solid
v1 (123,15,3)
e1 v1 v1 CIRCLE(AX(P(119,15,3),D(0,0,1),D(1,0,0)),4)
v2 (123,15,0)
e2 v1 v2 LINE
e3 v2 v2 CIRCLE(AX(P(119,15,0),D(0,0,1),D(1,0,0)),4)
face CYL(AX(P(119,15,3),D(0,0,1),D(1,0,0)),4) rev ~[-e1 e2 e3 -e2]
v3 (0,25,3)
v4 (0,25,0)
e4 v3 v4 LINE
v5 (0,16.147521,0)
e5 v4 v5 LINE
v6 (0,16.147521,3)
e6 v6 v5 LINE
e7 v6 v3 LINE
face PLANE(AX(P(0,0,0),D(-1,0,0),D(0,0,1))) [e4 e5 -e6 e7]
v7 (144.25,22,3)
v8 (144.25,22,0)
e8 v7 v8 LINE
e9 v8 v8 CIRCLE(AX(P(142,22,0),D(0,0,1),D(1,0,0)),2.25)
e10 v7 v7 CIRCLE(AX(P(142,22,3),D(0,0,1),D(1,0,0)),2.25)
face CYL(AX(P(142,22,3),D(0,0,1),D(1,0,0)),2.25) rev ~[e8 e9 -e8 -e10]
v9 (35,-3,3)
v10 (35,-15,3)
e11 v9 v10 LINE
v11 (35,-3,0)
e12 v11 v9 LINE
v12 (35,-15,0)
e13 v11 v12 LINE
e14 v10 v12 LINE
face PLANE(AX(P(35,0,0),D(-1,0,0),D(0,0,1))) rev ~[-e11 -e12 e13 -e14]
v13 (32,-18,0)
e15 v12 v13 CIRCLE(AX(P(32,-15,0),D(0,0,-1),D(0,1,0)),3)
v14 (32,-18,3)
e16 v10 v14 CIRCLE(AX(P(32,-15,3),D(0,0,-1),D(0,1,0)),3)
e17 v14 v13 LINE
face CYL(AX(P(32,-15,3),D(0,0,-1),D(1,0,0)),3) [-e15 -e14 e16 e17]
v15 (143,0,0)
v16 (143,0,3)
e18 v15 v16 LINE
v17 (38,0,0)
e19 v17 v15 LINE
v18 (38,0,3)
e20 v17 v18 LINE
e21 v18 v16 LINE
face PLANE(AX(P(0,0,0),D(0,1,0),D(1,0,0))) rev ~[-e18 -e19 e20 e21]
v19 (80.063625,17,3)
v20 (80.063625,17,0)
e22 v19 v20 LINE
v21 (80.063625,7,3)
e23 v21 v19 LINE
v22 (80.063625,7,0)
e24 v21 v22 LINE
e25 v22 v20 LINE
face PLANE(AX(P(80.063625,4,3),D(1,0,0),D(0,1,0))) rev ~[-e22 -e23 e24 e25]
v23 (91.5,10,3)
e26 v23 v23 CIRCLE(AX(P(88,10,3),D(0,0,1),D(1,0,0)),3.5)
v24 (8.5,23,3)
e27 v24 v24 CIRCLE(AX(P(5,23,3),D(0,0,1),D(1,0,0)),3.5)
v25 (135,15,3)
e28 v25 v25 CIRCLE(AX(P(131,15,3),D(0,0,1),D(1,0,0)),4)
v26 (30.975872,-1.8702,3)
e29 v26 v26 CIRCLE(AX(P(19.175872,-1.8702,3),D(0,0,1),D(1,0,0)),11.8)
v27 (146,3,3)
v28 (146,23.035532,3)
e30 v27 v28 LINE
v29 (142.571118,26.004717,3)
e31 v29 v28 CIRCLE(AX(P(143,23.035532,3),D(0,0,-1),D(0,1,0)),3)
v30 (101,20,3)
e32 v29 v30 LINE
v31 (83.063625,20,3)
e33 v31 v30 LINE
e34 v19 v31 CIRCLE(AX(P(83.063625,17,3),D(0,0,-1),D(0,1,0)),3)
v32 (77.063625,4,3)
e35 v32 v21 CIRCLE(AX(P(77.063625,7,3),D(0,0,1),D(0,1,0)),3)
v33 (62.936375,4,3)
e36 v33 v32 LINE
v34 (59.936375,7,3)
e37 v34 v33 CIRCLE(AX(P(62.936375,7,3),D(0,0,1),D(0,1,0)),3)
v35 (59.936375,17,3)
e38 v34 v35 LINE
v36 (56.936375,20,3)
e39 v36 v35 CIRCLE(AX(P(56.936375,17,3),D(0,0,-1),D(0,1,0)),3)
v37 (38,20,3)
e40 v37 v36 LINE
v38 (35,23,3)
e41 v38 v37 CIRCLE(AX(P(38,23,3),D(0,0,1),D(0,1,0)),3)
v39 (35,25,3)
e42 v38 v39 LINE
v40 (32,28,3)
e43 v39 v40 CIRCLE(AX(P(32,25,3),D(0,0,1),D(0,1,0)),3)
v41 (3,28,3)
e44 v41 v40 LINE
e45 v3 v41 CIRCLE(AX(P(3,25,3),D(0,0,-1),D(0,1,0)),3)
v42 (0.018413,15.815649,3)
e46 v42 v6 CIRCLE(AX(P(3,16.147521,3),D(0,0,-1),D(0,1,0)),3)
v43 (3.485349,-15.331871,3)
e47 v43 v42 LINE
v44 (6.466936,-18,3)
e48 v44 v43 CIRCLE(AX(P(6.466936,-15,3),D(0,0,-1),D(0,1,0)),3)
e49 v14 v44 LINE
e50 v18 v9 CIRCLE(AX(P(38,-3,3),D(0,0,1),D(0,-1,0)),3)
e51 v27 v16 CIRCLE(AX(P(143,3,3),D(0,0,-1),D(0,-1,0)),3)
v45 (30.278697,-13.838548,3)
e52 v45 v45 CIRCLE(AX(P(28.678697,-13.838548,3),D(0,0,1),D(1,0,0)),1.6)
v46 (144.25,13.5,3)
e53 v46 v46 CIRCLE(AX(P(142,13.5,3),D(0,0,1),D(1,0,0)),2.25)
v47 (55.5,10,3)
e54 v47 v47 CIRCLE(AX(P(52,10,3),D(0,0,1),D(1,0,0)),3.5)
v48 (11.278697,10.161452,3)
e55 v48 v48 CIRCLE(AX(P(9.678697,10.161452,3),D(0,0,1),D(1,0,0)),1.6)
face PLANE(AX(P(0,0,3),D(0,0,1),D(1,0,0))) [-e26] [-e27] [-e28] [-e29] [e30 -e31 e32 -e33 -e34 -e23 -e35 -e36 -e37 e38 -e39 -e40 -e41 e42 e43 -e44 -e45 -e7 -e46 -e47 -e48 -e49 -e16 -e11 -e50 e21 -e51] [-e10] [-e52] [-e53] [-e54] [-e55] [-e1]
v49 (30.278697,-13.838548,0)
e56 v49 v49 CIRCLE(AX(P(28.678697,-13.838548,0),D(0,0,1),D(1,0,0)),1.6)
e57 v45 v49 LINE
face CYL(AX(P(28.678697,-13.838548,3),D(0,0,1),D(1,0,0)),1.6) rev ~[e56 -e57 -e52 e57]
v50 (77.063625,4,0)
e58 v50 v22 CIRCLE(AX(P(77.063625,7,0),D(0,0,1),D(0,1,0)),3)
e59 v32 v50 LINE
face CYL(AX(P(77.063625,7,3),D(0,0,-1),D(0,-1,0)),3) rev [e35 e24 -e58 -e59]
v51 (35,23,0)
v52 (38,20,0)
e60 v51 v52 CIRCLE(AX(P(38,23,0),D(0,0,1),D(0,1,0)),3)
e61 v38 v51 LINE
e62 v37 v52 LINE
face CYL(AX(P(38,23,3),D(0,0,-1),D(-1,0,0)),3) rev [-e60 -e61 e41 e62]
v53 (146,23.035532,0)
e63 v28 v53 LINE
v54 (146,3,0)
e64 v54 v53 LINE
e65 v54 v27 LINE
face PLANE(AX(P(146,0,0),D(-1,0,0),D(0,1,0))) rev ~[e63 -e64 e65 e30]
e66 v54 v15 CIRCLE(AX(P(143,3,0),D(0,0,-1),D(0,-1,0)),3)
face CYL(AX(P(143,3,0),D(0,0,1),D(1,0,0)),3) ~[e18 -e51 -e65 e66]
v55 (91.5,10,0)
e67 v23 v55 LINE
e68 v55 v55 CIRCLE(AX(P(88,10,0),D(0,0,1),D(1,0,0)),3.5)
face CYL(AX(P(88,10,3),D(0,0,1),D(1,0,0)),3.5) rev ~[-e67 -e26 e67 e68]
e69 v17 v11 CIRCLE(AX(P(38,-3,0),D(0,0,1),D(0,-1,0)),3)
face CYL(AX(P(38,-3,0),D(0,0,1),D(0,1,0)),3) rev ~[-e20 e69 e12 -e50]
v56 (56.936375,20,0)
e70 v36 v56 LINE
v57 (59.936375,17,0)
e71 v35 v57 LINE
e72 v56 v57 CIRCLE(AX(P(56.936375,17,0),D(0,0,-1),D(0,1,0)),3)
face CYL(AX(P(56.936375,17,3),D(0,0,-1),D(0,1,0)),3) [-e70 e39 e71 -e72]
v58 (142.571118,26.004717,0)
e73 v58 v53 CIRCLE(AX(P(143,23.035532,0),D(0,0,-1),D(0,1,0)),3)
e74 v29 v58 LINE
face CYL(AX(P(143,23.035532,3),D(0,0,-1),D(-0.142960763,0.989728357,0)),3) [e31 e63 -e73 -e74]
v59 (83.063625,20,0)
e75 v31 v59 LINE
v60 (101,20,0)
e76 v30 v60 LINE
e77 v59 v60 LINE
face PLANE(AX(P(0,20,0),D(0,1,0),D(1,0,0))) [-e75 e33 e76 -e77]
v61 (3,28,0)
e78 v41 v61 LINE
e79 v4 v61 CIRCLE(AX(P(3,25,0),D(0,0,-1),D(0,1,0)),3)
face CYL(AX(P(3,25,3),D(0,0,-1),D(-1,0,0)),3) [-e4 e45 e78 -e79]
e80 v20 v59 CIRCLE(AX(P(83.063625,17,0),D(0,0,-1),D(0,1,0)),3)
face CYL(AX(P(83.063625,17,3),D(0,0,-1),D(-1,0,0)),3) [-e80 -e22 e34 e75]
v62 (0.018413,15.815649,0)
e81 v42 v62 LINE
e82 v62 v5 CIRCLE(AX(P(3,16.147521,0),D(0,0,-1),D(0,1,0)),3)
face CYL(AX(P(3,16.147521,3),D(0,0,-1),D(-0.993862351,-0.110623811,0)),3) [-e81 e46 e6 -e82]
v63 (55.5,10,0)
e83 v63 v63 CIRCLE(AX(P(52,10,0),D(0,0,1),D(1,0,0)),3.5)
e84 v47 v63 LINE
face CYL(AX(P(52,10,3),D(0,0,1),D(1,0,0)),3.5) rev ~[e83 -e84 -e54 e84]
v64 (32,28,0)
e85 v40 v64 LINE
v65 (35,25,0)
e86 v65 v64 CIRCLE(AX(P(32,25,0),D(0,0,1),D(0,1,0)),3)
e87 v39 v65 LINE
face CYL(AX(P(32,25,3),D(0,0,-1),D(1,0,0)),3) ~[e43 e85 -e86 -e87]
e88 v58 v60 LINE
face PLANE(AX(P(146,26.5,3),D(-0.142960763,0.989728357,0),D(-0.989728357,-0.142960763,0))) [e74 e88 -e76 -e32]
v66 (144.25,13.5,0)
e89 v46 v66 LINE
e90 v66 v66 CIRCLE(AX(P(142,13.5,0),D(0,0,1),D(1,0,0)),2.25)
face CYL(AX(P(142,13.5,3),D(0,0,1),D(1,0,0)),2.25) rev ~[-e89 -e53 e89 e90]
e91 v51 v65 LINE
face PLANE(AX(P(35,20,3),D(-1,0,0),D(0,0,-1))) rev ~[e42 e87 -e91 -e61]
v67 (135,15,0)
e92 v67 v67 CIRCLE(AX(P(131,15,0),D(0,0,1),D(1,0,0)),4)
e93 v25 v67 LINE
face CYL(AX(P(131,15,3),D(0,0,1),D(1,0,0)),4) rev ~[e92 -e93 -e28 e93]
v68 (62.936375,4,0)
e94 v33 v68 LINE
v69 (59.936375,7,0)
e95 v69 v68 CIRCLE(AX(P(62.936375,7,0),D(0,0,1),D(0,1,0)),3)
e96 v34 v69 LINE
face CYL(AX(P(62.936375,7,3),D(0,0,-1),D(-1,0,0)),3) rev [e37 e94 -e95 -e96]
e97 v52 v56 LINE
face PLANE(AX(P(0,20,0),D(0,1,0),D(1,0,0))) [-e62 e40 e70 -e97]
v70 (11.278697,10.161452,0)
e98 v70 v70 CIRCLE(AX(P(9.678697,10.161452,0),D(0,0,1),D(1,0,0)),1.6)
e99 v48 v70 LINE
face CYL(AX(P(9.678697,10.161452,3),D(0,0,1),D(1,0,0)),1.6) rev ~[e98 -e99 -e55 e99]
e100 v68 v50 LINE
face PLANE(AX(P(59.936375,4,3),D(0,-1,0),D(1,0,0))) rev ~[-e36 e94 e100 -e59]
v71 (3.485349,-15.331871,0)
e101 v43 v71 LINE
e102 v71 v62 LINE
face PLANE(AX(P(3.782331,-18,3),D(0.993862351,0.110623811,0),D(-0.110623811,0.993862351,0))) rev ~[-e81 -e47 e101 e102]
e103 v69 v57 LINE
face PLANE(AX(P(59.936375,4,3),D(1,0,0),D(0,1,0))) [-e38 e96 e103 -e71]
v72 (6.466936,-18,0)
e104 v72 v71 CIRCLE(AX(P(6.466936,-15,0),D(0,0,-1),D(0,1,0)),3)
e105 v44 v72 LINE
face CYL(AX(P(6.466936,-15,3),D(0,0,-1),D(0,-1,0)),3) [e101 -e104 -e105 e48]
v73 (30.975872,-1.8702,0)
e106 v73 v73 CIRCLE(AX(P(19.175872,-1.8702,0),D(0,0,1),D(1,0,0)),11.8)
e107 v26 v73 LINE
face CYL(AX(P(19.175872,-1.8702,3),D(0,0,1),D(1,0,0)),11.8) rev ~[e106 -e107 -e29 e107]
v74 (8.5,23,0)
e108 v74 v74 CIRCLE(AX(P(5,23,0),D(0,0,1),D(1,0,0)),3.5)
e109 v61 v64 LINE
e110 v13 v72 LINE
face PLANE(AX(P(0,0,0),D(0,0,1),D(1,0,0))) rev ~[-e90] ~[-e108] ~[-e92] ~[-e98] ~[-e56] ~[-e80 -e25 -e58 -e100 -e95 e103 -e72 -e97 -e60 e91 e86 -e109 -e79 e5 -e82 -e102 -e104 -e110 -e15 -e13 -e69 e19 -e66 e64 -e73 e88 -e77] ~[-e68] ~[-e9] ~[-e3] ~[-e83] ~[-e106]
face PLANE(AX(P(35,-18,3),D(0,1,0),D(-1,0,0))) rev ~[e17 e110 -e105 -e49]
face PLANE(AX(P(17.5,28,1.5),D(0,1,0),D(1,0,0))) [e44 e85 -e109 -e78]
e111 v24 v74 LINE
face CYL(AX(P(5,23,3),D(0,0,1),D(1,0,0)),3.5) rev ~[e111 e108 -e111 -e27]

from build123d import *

# Parameters (mm, degrees)
ESQUISSE1_W              = 146
ESQUISSE1_H              = 20
BOSS_EXTRU_1_DEPTH       = 3
ESQUISSE2_R              = 3.5
ENL_V_MAT_EXTRU_3_DEPTH  = 4
ESQUISSE6_W              = 35
ESQUISSE6_H              = 3
BOSS_EXTRU_3_DEPTH       = 8
ESQUISSE8_R              = 3.5
ENL_V_MAT_EXTRU_4_DEPTH  = 8
ESQUISSE7_W              = 35
ESQUISSE7_H              = 3
BOSS_EXTRU_4_DEPTH       = 24
CONG_2_R                 = 3
ESQUISSE10_W             = 20.127249292
ESQUISSE10_H             = 16
ENL_V_MAT_EXTRU_5_DEPTH  = 24
CONG_3_R                 = 3
BOSS_EXTRU_5_DEPTH       = 3
ESQUISSE13_R             = 2.25
ENL_V_MAT_EXTRU_6_DEPTH  = 24
CONG_4_R                 = 3
ESQUISSE16_R             = 11.8
ESQUISSE16_R_2           = 1.6
ENL_V_MAT_EXTRU_7_DEPTH  = 3
ENL_V_MAT_EXTRU_11_DEPTH = 3
CONG_10_R                = 3
ESQUISSE18_R             = 4
ENL_V_MAT_EXTRU_12_DEPTH = 3


with BuildPart() as part:
    # Esquisse1 → Boss.-Extru.1 (new body)
    with BuildSketch(Plane.XY):
        with Locations((73, 10)):
            Rectangle(ESQUISSE1_W, ESQUISSE1_H)
    extrude(amount=BOSS_EXTRU_1_DEPTH)

    # Esquisse2 → Enlèv. mat.-Extru.3 (cut, through all)
    with BuildSketch(Plane.XY.offset(3)):
        with Locations((52, 10)):
            Circle(ESQUISSE2_R)
        with Locations((88, 10)):
            Circle(ESQUISSE2_R)
    extrude(amount=-ENL_V_MAT_EXTRU_3_DEPTH, mode=Mode.SUBTRACT)

    # Esquisse6 → Boss.-Extru.3 (add)
    with BuildSketch(Plane(origin=(0, 20, 0), x_dir=(1, 0, 0), z_dir=(0, 1, 0))):
        with Locations((17.5, -1.5)):
            Rectangle(ESQUISSE6_W, ESQUISSE6_H)
    extrude(amount=BOSS_EXTRU_3_DEPTH)

    # Esquisse8 → Enlèv. mat.-Extru.4 (cut)
    with BuildSketch(Plane.XY.offset(3)):
        with Locations((5, 23)):
            Circle(ESQUISSE8_R)
    extrude(amount=-ENL_V_MAT_EXTRU_4_DEPTH, mode=Mode.SUBTRACT)

    # Esquisse7 → Boss.-Extru.4 (add)
    with BuildSketch(Plane.XZ):
        with Locations((17.5, 1.5)):
            Rectangle(ESQUISSE7_W, ESQUISSE7_H)
    extrude(amount=BOSS_EXTRU_4_DEPTH)

    # Congé2
    cong_2_edges = [part.edges().sort_by_distance(p)[0] for p in [
        (35, 20, 1.5),
        (0, 28, 1.5),
        (35, 28, 1.5),
        (35, -24, 1.5),
        (0, -24, 1.5),
        (35, 0, 1.5),
        (146, 20, 1.5),
        (146, 0, 1.5),
    ]]
    fillet(cong_2_edges, radius=CONG_2_R)

    # Esquisse10 → Enlèv. mat.-Extru.5 (cut)
    with BuildSketch(Plane.XY.offset(3)):
        with Locations((70, 12)):
            Rectangle(ESQUISSE10_W, ESQUISSE10_H)
    extrude(amount=-ENL_V_MAT_EXTRU_5_DEPTH, mode=Mode.SUBTRACT)

    # Congé3
    cong_3_edges = [part.edges().sort_by_distance(p)[0] for p in [
        (80.063624646, 20, 1.5),
        (80.063624646, 4, 1.5),
        (59.936375354, 4, 1.5),
        (59.936375354, 20, 1.5),
    ]]
    fillet(cong_3_edges, radius=CONG_3_R)

    # Esquisse14 → Boss.-Extru.5 (add)
    with BuildSketch(Plane.XY.offset(3)):
        Polygon((146, 10), (146, 26.5), (101, 20), align=None)
    extrude(amount=-BOSS_EXTRU_5_DEPTH)

    # Esquisse13 → Enlèv. mat.-Extru.6 (cut)
    with BuildSketch(Plane.XY.offset(3)):
        with Locations((142, 22)):
            Circle(ESQUISSE13_R)
        with Locations((142, 13.5)):
            Circle(ESQUISSE13_R)
    extrude(amount=-ENL_V_MAT_EXTRU_6_DEPTH, mode=Mode.SUBTRACT)

    # Congé4
    cong_4_edges = [part.edges().sort_by_distance(p)[0] for p in [
        (146, 26.5, 1.5),
    ]]
    fillet(cong_4_edges, radius=CONG_4_R)

    # Esquisse16 → Enlèv. mat.-Extru.7 (cut)
    with BuildSketch(Plane.XY.offset(3)):
        with Locations((19.17587198, -1.870199746)):
            Circle(ESQUISSE16_R)
        with Locations((9.678696735, 10.161451621)):
            Circle(ESQUISSE16_R_2)
        with Locations((28.678696735, -13.838548379)):
            Circle(ESQUISSE16_R_2)
    extrude(amount=-ENL_V_MAT_EXTRU_7_DEPTH, mode=Mode.SUBTRACT)

    # Esquisse17 → Enlèv. mat.-Extru.11 (cut)
    with BuildSketch(Plane.XY.offset(3)):
        Polygon((35, -18), (3.782330551, -18), (0, 15.981074218), (0, -26.941472008), (35, -26.941472008), align=None)
    extrude(amount=-ENL_V_MAT_EXTRU_11_DEPTH, mode=Mode.SUBTRACT)

    # Congé10
    cong_10_edges = [part.edges().sort_by_distance(p)[0] for p in [
        (35, -18, 1.5),
        (0, 15.981074218, 1.5),
        (3.782330551, -18, 1.5),
    ]]
    fillet(cong_10_edges, radius=CONG_10_R)

    # Esquisse18 → Enlèv. mat.-Extru.12 (cut)
    with BuildSketch(Plane.XY.offset(3)):
        with Locations((131, 15)):
            Circle(ESQUISSE18_R)
        with Locations((119, 15)):
            Circle(ESQUISSE18_R)
    extrude(amount=-ENL_V_MAT_EXTRU_12_DEPTH, mode=Mode.SUBTRACT)


solid = part.part
